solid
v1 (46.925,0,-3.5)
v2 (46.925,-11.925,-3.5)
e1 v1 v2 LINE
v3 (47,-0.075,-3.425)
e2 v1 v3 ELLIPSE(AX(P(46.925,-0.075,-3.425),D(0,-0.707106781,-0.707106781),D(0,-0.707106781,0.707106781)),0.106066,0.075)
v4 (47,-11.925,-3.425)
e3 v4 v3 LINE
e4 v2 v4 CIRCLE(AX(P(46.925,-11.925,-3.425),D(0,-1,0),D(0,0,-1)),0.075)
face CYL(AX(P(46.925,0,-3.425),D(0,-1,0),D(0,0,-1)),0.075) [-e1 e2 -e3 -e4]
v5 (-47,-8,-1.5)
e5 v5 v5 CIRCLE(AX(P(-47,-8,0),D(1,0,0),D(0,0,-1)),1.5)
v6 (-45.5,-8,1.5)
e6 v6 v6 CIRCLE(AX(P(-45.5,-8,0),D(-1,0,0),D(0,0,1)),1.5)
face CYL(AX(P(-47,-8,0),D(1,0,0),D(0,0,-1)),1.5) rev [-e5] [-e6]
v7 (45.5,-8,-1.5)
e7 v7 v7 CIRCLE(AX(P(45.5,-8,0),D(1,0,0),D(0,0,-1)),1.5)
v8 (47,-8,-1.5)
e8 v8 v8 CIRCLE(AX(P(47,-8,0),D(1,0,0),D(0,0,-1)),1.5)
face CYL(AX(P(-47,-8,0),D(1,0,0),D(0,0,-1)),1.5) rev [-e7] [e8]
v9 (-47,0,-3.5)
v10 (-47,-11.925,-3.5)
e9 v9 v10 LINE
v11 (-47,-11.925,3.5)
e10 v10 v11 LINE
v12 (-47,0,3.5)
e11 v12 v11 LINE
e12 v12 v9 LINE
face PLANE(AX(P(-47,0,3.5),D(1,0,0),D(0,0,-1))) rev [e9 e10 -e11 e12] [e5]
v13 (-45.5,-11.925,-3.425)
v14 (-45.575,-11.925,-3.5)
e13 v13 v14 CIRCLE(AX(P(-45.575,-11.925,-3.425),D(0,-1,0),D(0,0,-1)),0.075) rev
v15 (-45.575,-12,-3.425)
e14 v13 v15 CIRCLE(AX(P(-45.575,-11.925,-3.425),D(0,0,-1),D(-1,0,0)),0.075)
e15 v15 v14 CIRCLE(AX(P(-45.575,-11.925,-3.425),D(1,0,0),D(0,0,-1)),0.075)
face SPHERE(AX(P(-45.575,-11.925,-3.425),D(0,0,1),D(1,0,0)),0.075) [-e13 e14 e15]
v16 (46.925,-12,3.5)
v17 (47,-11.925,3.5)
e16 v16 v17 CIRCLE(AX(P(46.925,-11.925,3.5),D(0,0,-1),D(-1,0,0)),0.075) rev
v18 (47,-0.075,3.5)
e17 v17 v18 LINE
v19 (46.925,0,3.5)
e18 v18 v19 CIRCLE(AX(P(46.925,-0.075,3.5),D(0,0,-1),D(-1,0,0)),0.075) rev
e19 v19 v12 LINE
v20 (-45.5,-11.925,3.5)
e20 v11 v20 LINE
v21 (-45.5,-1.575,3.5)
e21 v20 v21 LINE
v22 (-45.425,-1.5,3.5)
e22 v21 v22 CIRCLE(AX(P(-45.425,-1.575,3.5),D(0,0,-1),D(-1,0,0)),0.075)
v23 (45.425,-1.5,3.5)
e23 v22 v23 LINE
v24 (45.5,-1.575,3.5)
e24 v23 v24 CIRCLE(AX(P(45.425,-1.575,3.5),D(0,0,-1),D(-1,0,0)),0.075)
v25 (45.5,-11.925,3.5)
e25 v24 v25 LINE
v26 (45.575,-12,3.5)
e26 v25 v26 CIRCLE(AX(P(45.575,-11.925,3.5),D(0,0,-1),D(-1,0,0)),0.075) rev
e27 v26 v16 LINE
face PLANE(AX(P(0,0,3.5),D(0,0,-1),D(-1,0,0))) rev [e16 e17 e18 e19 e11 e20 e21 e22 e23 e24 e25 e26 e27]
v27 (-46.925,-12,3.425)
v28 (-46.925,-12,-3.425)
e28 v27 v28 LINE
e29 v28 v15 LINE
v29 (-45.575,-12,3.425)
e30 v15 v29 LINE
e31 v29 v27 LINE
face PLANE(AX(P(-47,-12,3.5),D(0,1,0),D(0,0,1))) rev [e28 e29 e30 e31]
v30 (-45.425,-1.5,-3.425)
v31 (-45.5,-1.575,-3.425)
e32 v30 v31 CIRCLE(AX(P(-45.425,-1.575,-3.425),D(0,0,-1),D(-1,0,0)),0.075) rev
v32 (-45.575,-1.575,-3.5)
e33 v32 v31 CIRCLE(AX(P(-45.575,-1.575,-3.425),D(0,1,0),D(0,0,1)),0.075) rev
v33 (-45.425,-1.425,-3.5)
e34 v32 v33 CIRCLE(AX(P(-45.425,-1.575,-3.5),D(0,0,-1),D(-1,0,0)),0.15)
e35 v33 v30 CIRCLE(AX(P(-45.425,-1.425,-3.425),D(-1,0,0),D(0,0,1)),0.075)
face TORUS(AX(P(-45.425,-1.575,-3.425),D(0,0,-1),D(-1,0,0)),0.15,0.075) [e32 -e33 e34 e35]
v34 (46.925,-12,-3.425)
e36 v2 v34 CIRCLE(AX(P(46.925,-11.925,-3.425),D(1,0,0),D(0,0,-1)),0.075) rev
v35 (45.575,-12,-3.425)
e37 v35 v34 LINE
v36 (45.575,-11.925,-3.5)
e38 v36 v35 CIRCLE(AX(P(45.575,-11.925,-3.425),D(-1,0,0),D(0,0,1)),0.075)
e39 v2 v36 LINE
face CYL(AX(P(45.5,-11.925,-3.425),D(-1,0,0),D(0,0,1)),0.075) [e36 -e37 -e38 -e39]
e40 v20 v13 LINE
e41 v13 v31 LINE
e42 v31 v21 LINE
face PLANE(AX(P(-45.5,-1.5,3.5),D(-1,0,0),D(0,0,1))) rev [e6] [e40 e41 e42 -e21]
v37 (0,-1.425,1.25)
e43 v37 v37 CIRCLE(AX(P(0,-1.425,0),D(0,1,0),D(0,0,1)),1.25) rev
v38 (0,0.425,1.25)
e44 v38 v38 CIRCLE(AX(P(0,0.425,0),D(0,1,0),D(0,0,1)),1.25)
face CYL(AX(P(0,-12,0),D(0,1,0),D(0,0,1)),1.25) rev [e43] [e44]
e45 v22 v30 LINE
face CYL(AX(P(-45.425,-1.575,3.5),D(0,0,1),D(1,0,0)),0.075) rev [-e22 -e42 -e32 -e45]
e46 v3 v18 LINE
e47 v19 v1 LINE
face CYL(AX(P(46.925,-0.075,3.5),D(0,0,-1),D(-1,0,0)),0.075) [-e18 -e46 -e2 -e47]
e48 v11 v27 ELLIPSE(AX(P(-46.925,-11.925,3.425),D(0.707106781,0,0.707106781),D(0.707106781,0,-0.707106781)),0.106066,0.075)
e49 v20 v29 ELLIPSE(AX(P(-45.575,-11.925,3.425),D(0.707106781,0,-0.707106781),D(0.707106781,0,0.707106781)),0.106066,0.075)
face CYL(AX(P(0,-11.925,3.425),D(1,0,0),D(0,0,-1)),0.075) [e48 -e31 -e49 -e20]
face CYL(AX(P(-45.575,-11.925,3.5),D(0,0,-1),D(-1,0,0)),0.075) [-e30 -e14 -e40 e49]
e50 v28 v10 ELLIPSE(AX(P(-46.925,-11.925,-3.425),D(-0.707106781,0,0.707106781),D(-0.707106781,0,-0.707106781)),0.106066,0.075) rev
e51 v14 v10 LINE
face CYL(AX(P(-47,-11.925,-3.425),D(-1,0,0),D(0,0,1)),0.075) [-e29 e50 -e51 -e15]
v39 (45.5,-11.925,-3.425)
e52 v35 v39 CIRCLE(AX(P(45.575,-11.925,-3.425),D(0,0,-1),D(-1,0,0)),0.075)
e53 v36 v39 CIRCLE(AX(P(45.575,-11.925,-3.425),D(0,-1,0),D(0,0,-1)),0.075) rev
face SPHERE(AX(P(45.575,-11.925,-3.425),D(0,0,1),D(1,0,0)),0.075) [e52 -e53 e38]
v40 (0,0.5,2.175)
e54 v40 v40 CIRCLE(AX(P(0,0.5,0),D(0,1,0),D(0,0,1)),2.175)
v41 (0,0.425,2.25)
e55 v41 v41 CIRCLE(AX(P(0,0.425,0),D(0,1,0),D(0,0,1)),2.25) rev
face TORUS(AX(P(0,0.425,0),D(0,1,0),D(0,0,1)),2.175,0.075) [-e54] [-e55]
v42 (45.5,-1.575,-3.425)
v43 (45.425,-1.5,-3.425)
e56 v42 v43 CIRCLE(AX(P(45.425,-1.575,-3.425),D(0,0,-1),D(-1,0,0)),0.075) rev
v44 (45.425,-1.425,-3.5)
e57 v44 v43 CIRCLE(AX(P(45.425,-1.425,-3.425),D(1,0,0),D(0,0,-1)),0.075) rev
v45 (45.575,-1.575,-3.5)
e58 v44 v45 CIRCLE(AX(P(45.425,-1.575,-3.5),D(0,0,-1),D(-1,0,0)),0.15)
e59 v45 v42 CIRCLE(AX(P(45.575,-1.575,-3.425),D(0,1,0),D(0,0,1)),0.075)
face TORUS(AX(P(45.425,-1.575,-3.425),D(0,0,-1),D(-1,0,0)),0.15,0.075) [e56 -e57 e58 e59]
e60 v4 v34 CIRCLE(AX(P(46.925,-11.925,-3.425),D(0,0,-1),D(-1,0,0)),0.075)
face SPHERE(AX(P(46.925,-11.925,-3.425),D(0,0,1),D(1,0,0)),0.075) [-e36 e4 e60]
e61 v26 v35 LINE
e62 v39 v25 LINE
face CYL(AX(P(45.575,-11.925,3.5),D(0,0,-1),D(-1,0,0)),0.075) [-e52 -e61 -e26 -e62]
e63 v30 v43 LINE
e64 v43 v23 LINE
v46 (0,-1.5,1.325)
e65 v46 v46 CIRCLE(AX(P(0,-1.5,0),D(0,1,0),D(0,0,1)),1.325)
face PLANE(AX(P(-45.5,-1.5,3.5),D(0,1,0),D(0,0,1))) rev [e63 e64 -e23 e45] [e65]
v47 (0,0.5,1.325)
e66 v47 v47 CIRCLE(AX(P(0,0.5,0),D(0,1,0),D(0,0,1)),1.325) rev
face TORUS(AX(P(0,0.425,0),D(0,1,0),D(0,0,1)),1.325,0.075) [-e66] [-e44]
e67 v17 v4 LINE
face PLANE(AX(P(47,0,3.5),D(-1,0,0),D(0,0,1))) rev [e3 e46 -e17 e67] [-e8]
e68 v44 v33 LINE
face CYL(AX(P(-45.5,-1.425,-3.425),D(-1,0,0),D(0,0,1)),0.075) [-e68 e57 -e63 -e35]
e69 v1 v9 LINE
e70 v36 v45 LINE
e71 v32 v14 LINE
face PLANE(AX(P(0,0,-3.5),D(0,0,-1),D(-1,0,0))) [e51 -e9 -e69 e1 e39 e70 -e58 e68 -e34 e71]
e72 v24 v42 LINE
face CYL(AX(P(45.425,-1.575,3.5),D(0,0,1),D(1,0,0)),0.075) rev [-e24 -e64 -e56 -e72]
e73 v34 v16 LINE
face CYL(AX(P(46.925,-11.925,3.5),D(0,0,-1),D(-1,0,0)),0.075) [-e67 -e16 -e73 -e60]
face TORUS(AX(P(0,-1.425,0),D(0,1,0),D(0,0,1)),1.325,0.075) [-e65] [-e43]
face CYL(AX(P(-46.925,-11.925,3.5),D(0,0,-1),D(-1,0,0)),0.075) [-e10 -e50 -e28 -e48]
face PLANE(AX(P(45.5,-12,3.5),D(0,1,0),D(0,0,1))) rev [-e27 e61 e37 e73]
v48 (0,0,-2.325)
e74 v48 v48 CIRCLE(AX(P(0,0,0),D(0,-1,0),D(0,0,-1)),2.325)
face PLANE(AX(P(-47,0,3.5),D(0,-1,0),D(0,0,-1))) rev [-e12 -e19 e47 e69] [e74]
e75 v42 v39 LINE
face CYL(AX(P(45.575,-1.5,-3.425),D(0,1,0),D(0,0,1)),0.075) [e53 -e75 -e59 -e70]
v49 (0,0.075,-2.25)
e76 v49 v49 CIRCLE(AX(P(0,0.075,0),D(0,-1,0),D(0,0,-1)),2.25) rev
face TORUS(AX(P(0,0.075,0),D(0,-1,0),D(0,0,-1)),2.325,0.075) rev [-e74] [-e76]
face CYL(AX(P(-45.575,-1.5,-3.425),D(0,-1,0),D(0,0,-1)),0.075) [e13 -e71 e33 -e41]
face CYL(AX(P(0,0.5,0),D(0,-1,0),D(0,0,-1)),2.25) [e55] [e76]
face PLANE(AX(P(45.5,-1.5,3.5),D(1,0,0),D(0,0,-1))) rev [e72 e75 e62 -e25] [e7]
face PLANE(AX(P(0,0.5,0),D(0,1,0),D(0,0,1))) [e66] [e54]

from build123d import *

# Parameters (mm, degrees)
BOSS_EXTRUDE1_DEPTH     = 3.5
SKETCH2_R               = 1.25
CUT_EXTRUDE1_DEPTH      = 13
SKETCH3_R               = 2.25
SKETCH3_R_2             = 1.25
BOSS_EXTRUDE2_DEPTH     = 0.5
SKETCH4_R               = 1.5
CUT_EXTRUDE2_DEPTH      = 48
CUT_EXTRUDE2_DEPTH_BACK = 48
FILLET1_R               = 0.075


with BuildPart() as part:
    # Sketch1 → Boss-Extrude1 (new body, symmetric)
    with BuildSketch(Plane.XY):
        Polygon((-47, 0), (47, 0), (47, -12), (45.5, -12), (45.5, -1.5), (-45.5, -1.5), (-45.5, -12), (-47, -12), align=None)
    extrude(amount=BOSS_EXTRUDE1_DEPTH, both=True)

    # Sketch2 → Cut-Extrude1 (cut, through all)
    with BuildSketch(Plane(origin=(0, 0, 0), x_dir=(1, 0, 0), z_dir=(0, 1, 0))):
        Circle(SKETCH2_R)
    extrude(amount=-CUT_EXTRUDE1_DEPTH, mode=Mode.SUBTRACT)

    # Sketch3 → Boss-Extrude2 (add)
    with BuildSketch(Plane(origin=(0, 0, 0), x_dir=(1, 0, 0), z_dir=(0, 1, 0))):
        Circle(SKETCH3_R)
        Circle(SKETCH3_R_2, mode=Mode.SUBTRACT)
    extrude(amount=BOSS_EXTRUDE2_DEPTH)

    # Sketch4 → Cut-Extrude2 (cut, two sides)
    with BuildSketch(Plane(origin=(0, 0, 0), x_dir=(0, 0, -1), z_dir=(1, 0, 0))) as cut_extrude2_sk:
        with Locations((0, -8)):
            Circle(SKETCH4_R)
    extrude(amount=CUT_EXTRUDE2_DEPTH, mode=Mode.SUBTRACT)
    extrude(cut_extrude2_sk.sketch, amount=-CUT_EXTRUDE2_DEPTH_BACK, mode=Mode.SUBTRACT)

    # Fillet1
    fillet1_edges = [part.edges().sort_by_distance(p)[0] for p in [
        (-45.5, -6.75, -3.5),
        (0, -1.5, -3.5),
        (-2.25, 0, 0),
        (47, -12, 0),
        (47, 0, 0),
        (-47, -12, 0),
        (-45.5, -12, 0),
        (-45.5, -1.5, 0),
        (45.5, -1.5, 0),
        (45.5, -12, 0),
        (-46.25, -12, 3.5),
        (45.5, -6.75, -3.5),
        (-46.25, -12, -3.5),
        (47, -6, -3.5),
        (46.25, -12, -3.5),
        (-1.25, -1.5, 0),
        (-2.25, 0.5, 0),
        (-1.25, 0.5, 0),
    ]]
    fillet(fillet1_edges, radius=FILLET1_R)


solid = part.part
